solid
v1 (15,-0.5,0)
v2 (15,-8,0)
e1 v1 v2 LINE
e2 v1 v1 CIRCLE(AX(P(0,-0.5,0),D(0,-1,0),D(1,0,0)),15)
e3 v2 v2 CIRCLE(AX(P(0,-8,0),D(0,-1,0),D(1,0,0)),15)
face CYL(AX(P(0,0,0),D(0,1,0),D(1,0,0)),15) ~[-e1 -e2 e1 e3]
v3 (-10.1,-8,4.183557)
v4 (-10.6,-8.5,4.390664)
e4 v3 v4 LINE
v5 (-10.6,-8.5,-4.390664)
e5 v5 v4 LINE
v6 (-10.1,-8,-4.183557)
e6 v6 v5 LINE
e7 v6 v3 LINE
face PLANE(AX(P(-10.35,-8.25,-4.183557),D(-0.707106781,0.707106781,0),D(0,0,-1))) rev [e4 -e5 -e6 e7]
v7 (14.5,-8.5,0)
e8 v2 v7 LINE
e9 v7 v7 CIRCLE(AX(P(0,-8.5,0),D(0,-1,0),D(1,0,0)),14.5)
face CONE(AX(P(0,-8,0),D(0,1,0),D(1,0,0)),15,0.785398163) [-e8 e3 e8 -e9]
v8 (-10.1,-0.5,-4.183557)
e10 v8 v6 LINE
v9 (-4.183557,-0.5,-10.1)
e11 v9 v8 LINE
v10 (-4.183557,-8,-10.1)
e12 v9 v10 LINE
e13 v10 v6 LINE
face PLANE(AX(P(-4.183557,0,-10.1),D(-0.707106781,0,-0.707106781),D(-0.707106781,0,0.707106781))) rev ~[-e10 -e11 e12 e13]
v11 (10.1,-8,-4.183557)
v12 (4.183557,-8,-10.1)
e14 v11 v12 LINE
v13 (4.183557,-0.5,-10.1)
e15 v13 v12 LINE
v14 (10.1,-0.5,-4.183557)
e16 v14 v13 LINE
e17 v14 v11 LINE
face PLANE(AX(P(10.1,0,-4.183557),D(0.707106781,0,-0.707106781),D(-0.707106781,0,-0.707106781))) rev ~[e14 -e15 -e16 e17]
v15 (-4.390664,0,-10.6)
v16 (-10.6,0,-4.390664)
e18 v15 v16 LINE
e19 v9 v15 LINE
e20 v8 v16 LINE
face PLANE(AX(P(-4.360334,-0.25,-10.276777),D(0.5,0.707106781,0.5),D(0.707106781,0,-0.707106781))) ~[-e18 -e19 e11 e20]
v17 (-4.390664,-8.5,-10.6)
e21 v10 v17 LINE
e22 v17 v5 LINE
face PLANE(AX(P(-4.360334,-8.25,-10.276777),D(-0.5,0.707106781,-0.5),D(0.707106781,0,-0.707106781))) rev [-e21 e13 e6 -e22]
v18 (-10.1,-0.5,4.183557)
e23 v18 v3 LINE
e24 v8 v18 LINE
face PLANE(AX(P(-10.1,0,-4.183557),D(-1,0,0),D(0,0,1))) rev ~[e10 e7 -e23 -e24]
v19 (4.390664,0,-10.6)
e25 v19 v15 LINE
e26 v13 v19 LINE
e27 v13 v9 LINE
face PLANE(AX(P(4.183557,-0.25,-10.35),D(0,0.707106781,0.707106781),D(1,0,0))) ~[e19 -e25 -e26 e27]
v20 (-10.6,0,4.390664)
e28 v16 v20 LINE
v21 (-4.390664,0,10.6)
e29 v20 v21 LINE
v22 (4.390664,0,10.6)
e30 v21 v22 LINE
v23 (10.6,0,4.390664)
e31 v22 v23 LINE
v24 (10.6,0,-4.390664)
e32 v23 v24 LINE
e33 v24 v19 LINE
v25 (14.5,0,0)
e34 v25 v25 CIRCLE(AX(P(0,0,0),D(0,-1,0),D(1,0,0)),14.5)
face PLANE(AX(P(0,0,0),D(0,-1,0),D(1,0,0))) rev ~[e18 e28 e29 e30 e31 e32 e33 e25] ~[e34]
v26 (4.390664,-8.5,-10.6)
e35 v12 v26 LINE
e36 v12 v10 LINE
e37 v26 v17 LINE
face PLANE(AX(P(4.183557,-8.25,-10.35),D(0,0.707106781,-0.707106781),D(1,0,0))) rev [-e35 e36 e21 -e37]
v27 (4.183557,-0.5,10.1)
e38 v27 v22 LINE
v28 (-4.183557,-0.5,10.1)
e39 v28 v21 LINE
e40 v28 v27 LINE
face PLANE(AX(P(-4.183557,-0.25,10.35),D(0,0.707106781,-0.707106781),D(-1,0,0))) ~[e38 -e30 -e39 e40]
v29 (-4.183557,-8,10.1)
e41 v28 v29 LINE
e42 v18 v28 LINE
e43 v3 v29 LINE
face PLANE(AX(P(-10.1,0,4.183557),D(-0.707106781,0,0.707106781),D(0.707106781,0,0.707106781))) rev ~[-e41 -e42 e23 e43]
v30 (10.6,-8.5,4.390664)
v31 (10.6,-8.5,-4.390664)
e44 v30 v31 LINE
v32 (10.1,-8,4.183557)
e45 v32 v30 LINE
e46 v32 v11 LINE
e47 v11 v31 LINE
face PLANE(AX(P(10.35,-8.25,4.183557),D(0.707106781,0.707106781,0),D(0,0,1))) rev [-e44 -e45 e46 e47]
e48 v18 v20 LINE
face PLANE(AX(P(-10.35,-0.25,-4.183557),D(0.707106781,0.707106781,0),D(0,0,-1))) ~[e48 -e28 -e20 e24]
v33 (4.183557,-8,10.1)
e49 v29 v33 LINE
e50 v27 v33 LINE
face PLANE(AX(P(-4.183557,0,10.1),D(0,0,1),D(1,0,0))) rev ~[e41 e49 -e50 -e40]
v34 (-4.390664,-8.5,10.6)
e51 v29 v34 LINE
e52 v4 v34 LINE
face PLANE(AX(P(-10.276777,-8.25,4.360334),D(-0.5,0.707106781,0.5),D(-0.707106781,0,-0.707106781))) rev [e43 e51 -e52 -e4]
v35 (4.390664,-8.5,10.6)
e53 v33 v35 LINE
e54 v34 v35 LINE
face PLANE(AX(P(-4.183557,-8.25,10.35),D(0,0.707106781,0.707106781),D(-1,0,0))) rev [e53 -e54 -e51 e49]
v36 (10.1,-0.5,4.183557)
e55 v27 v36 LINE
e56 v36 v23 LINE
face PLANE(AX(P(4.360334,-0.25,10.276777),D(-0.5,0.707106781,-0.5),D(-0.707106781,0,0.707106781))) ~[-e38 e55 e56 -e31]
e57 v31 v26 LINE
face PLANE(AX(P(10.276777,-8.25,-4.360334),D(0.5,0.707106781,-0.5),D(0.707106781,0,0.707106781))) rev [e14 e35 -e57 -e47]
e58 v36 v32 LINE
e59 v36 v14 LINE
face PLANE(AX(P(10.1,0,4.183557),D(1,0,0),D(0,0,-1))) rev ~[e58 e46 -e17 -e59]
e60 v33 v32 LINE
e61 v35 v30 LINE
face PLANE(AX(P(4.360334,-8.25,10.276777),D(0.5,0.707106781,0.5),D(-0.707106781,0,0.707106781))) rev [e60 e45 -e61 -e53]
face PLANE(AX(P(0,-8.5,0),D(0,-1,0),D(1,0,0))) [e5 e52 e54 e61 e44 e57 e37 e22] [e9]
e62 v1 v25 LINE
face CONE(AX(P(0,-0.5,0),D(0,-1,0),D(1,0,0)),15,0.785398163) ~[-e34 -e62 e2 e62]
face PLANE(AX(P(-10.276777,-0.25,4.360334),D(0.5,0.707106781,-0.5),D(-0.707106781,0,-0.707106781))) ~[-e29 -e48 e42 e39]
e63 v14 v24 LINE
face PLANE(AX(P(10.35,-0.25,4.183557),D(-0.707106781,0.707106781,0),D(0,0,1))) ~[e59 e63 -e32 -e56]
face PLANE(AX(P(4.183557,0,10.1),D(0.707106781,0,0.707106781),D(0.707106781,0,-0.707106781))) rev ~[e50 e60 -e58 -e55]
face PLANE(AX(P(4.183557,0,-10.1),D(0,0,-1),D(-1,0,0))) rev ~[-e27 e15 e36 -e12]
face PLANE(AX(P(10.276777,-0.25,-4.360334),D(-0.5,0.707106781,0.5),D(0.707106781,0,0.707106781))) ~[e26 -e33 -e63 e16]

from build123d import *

# Parameters (mm, degrees)
F0_R     = 15
F1_DEPTH = 8.5
F2_SIZE  = 0.5


with BuildPart() as f1:
    # F0 (on Front) → F1 (new body)
    with BuildSketch(Plane.XZ):
        Circle(F0_R)
        Polygon((-4.183557, -10.1), (-10.1, -4.183557), (-10.1, 4.183557), (-4.183557, 10.1), (4.183557, 10.1), (10.1, 4.183557), (10.1, -4.183557), (4.183557, -10.1), align=None, mode=Mode.SUBTRACT)
    extrude(amount=F1_DEPTH)

    # F2
    f2_edges = [f1.edges().sort_by_distance(p)[0] for p in [
        (-15, -8.5, 0),
        (0, -8.5, -10.1),
        (-7.141778, -8.5, -7.141778),
        (-10.1, -8.5, 0),
        (-7.141778, -8.5, 7.141778),
        (0, -8.5, 10.1),
        (7.141778, -8.5, 7.141778),
        (10.1, -8.5, 0),
        (7.141778, -8.5, -7.141778),
        (-15, 0, 0),
        (0, 0, -10.1),
        (-7.141778, 0, -7.141778),
        (-10.1, 0, 0),
        (-7.141778, 0, 7.141778),
        (0, 0, 10.1),
        (7.141778, 0, 7.141778),
        (10.1, 0, 0),
        (7.141778, 0, -7.141778),
    ]]
    chamfer(f2_edges, length=F2_SIZE)


solid = f1.part
